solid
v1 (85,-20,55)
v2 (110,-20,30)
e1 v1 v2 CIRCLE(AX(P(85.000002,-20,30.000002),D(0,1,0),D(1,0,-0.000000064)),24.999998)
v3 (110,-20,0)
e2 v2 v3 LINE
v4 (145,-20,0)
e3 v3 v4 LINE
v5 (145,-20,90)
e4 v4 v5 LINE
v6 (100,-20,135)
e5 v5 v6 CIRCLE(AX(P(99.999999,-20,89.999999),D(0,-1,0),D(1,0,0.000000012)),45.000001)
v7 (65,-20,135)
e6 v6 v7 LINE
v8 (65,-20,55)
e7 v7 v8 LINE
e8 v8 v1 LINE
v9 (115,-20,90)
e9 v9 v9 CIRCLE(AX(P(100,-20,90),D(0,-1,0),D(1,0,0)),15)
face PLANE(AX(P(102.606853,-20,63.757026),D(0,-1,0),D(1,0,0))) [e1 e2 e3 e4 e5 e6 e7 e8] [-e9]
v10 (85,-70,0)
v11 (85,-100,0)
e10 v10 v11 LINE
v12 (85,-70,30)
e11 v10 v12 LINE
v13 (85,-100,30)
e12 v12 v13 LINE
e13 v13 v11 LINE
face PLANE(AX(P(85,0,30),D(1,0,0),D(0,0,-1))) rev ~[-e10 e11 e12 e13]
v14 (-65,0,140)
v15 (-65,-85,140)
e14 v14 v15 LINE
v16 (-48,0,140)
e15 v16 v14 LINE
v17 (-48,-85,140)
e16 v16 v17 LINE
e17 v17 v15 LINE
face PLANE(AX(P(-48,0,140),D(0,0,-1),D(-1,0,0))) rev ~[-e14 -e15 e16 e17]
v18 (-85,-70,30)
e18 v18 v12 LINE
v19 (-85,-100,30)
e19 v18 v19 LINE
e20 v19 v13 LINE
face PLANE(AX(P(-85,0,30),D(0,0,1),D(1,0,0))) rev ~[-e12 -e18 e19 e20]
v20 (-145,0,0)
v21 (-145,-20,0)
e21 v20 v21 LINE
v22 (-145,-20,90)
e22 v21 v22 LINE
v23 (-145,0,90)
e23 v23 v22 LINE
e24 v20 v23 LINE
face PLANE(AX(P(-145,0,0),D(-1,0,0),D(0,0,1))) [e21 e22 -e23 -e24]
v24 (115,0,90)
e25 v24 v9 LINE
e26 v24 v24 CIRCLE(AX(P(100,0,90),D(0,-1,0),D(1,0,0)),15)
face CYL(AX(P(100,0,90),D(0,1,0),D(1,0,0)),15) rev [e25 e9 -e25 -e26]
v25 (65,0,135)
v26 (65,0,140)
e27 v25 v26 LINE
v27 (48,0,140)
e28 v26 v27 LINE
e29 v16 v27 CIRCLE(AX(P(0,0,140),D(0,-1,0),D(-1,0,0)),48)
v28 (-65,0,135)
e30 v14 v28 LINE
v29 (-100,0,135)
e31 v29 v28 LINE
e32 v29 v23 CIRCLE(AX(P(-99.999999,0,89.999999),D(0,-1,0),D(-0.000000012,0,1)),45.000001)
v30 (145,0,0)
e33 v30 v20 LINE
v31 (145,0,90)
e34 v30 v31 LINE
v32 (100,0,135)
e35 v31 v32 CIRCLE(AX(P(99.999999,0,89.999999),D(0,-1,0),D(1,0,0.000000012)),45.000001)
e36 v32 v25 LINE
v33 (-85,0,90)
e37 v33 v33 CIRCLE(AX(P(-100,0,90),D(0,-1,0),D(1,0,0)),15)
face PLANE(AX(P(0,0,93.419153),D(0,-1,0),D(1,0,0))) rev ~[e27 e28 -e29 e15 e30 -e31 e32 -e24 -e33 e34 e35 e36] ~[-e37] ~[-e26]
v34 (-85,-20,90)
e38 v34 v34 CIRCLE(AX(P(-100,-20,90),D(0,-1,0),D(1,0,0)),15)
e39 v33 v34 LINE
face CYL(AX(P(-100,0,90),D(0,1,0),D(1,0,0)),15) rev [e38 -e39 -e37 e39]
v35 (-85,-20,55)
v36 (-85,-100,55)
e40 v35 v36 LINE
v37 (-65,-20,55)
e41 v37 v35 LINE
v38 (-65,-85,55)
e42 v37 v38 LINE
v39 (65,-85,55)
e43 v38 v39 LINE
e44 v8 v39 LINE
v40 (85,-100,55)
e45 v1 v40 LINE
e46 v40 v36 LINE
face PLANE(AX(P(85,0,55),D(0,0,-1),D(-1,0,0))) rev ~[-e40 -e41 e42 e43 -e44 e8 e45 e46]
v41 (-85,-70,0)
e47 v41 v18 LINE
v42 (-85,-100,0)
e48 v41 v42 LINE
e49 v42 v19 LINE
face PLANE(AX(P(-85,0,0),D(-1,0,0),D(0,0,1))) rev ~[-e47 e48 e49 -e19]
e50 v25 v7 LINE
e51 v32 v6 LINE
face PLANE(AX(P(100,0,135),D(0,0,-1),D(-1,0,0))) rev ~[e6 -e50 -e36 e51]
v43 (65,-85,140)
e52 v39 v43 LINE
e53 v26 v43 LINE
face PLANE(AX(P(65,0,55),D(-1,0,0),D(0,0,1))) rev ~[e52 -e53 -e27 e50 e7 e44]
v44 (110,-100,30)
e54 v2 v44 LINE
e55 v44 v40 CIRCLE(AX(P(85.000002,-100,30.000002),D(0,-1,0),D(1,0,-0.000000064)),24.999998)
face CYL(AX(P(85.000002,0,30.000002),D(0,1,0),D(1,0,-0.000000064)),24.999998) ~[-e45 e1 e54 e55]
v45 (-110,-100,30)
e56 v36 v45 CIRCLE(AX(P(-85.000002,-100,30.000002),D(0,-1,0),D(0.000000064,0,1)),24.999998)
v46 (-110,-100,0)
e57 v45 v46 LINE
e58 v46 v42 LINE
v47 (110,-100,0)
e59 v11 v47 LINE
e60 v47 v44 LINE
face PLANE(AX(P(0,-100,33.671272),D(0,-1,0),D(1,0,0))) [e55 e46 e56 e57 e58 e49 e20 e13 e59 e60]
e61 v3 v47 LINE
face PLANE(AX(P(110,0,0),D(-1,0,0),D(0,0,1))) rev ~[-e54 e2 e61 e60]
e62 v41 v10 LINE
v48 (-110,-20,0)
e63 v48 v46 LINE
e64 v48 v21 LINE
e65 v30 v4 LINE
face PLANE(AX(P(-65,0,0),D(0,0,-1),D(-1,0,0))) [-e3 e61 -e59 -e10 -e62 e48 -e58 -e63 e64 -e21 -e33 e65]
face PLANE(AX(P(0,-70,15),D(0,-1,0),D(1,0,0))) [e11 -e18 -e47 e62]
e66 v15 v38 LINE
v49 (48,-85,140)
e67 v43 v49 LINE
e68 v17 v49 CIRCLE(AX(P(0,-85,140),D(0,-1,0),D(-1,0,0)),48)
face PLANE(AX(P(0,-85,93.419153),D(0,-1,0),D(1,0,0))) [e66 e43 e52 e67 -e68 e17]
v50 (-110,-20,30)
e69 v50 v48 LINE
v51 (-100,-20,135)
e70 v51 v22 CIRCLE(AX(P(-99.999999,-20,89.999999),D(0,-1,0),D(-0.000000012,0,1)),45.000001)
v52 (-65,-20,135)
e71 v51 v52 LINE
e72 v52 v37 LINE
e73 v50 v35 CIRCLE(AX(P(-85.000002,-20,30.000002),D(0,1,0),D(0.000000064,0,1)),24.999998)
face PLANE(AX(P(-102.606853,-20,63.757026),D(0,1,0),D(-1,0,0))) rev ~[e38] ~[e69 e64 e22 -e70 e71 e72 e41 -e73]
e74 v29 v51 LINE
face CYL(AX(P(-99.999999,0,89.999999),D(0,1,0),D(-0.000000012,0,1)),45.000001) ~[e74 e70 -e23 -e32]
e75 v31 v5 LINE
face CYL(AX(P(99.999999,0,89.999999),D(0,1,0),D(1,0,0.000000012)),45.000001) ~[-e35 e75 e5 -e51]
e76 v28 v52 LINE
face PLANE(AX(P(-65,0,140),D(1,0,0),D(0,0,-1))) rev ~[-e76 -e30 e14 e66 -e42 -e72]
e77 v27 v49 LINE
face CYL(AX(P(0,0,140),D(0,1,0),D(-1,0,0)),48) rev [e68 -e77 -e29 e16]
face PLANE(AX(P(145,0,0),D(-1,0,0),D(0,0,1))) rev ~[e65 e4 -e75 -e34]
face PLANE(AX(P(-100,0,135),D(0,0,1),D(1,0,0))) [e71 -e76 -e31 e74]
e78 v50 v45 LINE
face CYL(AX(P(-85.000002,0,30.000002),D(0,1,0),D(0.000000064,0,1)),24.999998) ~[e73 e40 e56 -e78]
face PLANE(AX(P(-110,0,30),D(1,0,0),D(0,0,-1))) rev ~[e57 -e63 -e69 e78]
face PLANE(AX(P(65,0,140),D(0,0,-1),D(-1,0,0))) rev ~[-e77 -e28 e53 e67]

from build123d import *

# Parameters (mm, degrees)
PAD002_DEPTH = 85
PAD001_DEPTH = 100
SKETCH_W     = 170
SKETCH_H     = 30
PAD_DEPTH    = 70
SKETCH003_R  = 15
PAD003_DEPTH = 20


with BuildPart() as pad002:
    # Sketch002 → Pad002 (new body)
    with BuildSketch(Plane.XZ):
        with BuildLine():
            Line((-48, 140), (-65, 140))
            Line((-65, 140), (-65, 55))
            Line((-65, 55), (65, 55))
            Line((65, 55), (65, 140))
            Line((65, 140), (48, 140))
            ThreePointArc((-48, 140), (0, 92), (48, 140))
        make_face()
    extrude(amount=PAD002_DEPTH)


with BuildPart() as pad001:
    # Sketch001 → Pad001 (new body)
    with BuildSketch(Plane.XZ):
        with BuildLine():
            Line((-85, 0), (-85, 30))
            Line((-85, 30), (85, 30))
            Line((85, 30), (85, 0))
            Line((85, 0), (110, 0))
            Line((110, 0), (110, 30))
            ThreePointArc((110, 30), (102.67767, 47.67767), (85, 55))
            Line((85, 55), (-85, 55))
            ThreePointArc((-85, 55), (-102.67767, 47.67767), (-110, 30))
            Line((-110, 30), (-110, 0))
            Line((-110, 0), (-85, 0))
        make_face()
    extrude(amount=PAD001_DEPTH)


with BuildPart() as pad:
    # Sketch → Pad (new body)
    with BuildSketch(Plane.XZ):
        with Locations((0, 15)):
            Rectangle(SKETCH_W, SKETCH_H)
    extrude(amount=PAD_DEPTH)


with BuildPart() as fusion:
    # Sketch003 → Pad003 (new body)
    with BuildSketch(Plane.XZ):
        with BuildLine():
            Line((65, 0), (145, 0))
            Line((145, 0), (145, 90))
            ThreePointArc((145, 90), (131.819805, 121.819805), (100, 135))
            Line((100, 135), (65, 135))
            Line((65, 135), (65, 0))
        make_face()
        with Locations((100, 90)):
            Circle(SKETCH003_R, mode=Mode.SUBTRACT)
        with BuildLine():
            Line((-65, 0), (-145, 0))
            Line((-145, 0), (-145, 90))
            ThreePointArc((-100, 135), (-131.819805, 121.819805), (-145, 90))
            Line((-100, 135), (-65, 135))
            Line((-65, 135), (-65, 0))
        make_face()
        with Locations((-100, 90)):
            Circle(SKETCH003_R, mode=Mode.SUBTRACT)
    extrude(amount=PAD003_DEPTH)

    # Fusion: union Pad002, Pad001, Pad
    add(pad002.part)
    add(pad001.part)
    add(pad.part)


solid = fusion.part
